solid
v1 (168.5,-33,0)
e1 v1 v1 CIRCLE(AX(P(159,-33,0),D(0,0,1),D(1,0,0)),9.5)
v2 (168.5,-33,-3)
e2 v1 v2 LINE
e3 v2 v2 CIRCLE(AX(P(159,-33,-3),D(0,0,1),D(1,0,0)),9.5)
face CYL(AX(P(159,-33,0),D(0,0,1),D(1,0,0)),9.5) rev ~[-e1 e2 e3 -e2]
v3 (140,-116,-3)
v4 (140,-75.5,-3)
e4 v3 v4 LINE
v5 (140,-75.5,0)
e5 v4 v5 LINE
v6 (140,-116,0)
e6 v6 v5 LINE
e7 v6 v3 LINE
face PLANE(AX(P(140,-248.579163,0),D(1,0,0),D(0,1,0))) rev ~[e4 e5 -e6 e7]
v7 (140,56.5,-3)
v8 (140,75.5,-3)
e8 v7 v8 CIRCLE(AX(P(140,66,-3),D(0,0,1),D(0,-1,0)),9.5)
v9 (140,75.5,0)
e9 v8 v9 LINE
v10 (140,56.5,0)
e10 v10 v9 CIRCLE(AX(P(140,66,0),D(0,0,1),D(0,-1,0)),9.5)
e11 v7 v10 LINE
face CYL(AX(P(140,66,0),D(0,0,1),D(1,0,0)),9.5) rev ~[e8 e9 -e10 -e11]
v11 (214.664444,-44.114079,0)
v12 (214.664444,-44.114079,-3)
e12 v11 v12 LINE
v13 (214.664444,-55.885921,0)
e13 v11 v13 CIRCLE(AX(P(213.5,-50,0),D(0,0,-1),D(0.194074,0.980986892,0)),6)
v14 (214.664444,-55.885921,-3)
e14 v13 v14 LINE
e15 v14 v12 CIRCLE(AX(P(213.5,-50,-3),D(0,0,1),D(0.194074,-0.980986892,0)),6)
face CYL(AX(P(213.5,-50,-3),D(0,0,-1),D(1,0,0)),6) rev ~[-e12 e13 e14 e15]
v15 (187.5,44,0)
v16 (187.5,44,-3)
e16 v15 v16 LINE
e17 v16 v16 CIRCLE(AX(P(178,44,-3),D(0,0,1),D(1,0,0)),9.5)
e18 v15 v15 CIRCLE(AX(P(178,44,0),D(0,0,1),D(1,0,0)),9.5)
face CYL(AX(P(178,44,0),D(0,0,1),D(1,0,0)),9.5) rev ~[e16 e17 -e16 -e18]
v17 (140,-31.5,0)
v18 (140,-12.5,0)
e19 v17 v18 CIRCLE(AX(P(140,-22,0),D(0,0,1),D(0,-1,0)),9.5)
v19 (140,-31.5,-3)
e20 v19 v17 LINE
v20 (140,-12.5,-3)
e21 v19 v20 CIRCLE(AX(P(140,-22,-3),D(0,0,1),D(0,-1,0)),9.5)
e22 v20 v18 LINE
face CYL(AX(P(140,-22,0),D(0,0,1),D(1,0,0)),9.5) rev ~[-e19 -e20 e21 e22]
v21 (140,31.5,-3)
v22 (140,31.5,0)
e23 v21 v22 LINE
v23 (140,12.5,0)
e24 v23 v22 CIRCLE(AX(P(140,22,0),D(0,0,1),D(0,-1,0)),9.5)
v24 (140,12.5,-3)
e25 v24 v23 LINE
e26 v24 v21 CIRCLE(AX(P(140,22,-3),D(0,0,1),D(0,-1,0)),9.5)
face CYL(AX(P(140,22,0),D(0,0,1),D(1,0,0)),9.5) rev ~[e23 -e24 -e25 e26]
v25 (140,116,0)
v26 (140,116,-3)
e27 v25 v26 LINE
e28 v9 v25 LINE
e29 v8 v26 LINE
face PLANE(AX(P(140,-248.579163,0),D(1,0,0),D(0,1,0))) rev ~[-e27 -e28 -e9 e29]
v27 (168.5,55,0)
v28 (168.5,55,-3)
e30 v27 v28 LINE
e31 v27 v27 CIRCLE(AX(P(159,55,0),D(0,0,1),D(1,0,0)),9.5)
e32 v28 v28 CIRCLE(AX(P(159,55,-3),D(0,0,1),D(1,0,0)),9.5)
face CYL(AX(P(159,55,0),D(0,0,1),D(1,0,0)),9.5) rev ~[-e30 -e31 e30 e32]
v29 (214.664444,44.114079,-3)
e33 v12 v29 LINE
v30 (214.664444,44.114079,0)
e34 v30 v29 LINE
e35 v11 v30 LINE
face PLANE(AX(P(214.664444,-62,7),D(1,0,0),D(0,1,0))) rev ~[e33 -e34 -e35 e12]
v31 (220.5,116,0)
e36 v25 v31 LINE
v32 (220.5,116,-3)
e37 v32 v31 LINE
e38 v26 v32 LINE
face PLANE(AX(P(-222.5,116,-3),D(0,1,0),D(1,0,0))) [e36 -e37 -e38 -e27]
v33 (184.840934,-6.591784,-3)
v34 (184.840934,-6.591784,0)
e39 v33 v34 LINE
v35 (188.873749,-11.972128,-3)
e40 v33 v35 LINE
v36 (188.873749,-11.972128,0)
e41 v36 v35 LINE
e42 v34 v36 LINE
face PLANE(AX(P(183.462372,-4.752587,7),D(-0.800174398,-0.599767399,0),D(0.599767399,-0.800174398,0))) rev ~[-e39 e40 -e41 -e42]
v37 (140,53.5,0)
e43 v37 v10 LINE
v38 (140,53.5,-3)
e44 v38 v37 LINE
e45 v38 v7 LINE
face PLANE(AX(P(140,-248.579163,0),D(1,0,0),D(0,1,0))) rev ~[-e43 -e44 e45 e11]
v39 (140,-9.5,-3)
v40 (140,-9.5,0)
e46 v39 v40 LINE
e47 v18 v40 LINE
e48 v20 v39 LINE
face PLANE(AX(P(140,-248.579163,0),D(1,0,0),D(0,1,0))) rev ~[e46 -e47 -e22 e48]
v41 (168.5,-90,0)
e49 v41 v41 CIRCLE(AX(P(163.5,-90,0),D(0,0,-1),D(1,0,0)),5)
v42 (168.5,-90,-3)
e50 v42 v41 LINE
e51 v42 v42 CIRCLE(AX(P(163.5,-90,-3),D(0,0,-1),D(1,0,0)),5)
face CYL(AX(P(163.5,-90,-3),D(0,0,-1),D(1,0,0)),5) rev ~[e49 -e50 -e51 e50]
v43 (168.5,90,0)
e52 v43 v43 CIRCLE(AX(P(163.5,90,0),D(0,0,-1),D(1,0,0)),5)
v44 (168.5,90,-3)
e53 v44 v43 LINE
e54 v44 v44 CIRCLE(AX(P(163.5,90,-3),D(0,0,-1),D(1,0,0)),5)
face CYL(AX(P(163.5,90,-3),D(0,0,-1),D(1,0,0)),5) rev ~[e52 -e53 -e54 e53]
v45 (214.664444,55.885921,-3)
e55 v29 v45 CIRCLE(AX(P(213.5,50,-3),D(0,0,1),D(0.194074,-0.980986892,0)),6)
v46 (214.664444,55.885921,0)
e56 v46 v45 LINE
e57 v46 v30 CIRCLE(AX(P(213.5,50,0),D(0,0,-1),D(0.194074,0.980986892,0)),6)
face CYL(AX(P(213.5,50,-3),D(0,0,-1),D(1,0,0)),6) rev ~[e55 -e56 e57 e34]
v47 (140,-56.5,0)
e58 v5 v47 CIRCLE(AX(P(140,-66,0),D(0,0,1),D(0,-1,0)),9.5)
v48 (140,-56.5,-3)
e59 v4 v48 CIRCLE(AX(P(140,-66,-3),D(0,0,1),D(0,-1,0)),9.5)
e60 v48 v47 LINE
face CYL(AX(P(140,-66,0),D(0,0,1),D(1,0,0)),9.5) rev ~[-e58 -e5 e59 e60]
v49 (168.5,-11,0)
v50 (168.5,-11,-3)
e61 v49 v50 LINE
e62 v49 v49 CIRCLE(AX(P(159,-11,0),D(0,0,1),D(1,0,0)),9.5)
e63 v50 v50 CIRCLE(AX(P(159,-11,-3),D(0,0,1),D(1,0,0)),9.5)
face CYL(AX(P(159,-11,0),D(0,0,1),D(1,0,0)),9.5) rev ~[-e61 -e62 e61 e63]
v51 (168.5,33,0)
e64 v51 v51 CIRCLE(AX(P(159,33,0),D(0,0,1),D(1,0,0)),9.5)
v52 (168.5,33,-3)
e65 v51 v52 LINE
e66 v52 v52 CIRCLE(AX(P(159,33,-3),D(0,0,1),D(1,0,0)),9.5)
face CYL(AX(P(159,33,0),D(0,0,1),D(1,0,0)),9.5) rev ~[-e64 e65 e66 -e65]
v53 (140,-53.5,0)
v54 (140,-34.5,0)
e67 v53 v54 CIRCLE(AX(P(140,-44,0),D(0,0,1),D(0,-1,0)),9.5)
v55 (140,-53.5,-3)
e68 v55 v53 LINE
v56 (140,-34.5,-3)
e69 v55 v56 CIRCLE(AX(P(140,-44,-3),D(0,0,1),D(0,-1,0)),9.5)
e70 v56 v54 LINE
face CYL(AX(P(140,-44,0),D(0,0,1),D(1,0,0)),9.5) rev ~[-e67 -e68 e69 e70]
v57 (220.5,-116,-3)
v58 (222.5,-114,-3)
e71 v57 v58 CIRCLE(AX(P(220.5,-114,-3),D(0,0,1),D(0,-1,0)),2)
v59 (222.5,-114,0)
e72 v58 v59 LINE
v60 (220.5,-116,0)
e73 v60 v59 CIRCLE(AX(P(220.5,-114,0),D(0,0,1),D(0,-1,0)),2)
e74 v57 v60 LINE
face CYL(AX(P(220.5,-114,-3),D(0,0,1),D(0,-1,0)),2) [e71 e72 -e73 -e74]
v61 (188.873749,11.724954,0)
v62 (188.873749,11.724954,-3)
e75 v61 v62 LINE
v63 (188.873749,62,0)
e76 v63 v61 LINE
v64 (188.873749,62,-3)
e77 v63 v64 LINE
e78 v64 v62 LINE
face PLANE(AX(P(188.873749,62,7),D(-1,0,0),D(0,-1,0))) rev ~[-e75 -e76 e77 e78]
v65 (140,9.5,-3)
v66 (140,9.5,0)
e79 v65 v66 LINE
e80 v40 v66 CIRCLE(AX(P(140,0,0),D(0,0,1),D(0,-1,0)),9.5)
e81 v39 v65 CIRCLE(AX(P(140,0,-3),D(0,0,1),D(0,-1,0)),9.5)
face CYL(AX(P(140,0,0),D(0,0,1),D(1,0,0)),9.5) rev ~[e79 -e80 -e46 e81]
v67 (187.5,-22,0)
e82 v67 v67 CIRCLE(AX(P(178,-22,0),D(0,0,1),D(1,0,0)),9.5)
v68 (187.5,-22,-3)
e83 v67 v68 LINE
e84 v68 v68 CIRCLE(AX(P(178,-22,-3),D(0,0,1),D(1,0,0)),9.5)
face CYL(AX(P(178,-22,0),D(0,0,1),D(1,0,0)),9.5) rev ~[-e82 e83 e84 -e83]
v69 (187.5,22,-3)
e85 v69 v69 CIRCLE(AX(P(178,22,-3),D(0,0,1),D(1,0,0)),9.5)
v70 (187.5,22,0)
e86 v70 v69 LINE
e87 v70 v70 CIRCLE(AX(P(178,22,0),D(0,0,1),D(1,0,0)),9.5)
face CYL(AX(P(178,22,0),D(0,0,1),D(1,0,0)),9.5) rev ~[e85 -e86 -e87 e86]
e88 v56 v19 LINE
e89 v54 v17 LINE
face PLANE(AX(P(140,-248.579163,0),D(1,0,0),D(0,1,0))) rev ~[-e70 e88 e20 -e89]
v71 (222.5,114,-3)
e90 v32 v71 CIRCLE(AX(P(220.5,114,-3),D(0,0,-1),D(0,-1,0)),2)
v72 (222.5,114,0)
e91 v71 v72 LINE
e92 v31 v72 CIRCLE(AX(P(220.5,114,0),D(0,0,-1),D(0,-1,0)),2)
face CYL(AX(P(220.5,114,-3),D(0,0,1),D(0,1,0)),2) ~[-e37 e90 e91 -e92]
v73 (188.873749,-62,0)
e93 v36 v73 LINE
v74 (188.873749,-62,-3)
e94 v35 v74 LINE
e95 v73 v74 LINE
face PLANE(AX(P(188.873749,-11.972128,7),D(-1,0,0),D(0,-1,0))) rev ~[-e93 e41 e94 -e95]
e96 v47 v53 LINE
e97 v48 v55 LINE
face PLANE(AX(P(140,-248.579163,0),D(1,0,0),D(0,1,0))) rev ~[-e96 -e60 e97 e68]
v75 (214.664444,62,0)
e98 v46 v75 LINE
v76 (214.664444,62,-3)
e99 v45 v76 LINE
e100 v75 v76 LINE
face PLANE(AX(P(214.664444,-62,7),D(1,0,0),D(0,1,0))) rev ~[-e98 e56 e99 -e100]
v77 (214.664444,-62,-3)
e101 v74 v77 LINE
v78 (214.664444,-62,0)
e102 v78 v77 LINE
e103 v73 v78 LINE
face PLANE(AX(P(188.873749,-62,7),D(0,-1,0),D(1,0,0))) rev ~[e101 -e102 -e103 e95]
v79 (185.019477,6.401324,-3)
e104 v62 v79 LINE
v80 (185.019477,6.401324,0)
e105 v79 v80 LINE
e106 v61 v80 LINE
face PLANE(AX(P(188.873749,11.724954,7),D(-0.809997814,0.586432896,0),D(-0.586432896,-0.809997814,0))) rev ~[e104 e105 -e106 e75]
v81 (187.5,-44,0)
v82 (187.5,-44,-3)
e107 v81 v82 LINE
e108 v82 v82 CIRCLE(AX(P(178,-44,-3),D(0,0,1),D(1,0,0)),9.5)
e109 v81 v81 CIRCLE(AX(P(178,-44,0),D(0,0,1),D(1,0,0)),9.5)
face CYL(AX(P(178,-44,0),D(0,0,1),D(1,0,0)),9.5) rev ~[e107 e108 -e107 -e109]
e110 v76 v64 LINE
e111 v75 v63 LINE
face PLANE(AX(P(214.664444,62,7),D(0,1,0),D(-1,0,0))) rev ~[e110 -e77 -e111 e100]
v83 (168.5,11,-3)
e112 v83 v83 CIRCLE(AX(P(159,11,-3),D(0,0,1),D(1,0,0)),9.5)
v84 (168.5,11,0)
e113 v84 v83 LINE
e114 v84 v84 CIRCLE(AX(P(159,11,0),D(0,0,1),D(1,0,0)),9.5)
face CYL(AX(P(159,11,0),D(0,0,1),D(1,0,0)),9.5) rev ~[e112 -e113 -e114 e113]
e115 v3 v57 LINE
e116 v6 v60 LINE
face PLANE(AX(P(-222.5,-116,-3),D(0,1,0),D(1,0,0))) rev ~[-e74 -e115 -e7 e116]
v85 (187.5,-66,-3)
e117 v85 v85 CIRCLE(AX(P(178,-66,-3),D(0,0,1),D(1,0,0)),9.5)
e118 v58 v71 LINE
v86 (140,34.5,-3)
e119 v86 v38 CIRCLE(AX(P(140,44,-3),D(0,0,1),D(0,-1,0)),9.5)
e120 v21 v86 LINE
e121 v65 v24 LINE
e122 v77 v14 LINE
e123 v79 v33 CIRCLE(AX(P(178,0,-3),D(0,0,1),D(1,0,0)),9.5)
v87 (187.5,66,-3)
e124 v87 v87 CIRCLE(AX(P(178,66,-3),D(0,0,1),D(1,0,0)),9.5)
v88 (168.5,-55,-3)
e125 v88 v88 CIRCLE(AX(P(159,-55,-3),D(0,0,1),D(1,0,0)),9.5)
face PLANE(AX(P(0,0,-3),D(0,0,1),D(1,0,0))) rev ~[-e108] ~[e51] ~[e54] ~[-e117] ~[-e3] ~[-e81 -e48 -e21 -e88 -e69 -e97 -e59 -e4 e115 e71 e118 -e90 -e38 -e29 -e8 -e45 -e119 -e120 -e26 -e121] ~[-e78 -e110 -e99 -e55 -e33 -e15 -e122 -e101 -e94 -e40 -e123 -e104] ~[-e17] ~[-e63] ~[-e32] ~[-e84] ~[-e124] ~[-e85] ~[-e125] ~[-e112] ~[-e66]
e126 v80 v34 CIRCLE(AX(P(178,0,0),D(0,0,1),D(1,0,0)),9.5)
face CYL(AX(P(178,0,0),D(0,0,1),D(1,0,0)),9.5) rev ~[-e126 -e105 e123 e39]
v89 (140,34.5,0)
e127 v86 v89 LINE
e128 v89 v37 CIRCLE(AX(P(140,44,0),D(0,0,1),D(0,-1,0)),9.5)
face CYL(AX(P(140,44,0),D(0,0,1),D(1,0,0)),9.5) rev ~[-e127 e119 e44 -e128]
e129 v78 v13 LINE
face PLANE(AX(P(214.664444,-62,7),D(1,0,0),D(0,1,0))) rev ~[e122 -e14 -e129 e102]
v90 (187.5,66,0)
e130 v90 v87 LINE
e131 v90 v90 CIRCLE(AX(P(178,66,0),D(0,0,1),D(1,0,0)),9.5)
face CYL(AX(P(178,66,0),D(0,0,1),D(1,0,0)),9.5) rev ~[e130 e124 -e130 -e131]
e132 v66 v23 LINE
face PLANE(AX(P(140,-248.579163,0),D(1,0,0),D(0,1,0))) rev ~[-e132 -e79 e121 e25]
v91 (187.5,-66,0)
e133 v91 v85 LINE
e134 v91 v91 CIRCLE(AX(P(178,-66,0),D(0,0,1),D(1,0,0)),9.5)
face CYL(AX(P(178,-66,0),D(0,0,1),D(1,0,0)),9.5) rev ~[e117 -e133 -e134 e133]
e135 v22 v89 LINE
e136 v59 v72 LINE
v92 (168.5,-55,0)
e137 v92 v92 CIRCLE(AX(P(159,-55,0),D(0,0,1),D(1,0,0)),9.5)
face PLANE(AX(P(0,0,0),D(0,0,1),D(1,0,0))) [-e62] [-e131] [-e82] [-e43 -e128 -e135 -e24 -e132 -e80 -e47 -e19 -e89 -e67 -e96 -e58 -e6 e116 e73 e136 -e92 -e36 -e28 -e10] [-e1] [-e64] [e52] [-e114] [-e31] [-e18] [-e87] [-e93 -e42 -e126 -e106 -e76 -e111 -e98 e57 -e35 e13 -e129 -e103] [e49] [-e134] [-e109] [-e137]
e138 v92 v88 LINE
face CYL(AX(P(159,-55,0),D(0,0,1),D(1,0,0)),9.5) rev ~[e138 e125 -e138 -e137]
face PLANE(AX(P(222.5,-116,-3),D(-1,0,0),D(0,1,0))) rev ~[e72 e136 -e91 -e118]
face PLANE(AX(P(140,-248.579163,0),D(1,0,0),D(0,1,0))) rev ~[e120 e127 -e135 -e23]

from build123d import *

# Parameters (mm, degrees)
SKETCH082_W     = 445
SKETCH082_H     = 232
PAD025_DEPTH    = 3
SKETCH083_R     = 9.5
POCKET054_DEPTH = 5
FILLET010_R     = 2
POCKET055_DEPTH = 10.001
SKETCH085_R     = 6
SKETCH085_R_2   = 5
POCKET056_DEPTH = 5
SKETCH094_W     = 459.410004
SKETCH094_H     = 453.216675
POCKET063_DEPTH = 5


with BuildPart() as part:
    # Sketch082 → Pad025 (new body)
    with BuildSketch(Plane.XY):
        Rectangle(SKETCH082_W, SKETCH082_H)
    extrude(amount=PAD025_DEPTH)

    # Sketch083 (on Face6 of Pad025) → Pocket054 (cut)
    with BuildSketch(Plane.XY.offset(3)):
        with Locations((-183, 55)):
            Circle(SKETCH083_R)
        with Locations((-183, 33)):
            Circle(SKETCH083_R)
        with Locations((-183, 11)):
            Circle(SKETCH083_R)
        with Locations((-183, -11)):
            Circle(SKETCH083_R)
        with Locations((-183, -33)):
            Circle(SKETCH083_R)
        with Locations((-183, -55)):
            Circle(SKETCH083_R)
        with Locations((-164, 44)):
            Circle(SKETCH083_R)
        with Locations((-164, 22)):
            Circle(SKETCH083_R)
        with Locations((-164, 0)):
            Circle(SKETCH083_R)
        with Locations((-164, -22)):
            Circle(SKETCH083_R)
        with Locations((-164, -44)):
            Circle(SKETCH083_R)
        with Locations((-145, 55)):
            Circle(SKETCH083_R)
        with Locations((-145, 33)):
            Circle(SKETCH083_R)
        with Locations((-145, 11)):
            Circle(SKETCH083_R)
        with Locations((-145, -11)):
            Circle(SKETCH083_R)
        with Locations((-145, -33)):
            Circle(SKETCH083_R)
        with Locations((-145, -55)):
            Circle(SKETCH083_R)
        with Locations((-126, 44)):
            Circle(SKETCH083_R)
        with Locations((-126, 22)):
            Circle(SKETCH083_R)
        with Locations((-126, 0)):
            Circle(SKETCH083_R)
        with Locations((-126, -22)):
            Circle(SKETCH083_R)
        with Locations((-126, -44)):
            Circle(SKETCH083_R)
        with Locations((-107, 55)):
            Circle(SKETCH083_R)
        with Locations((-107, 33)):
            Circle(SKETCH083_R)
        with Locations((-107, 11)):
            Circle(SKETCH083_R)
        with Locations((-107, -11)):
            Circle(SKETCH083_R)
        with Locations((-107, -33)):
            Circle(SKETCH083_R)
        with Locations((-107, -55)):
            Circle(SKETCH083_R)
        with Locations((-88, -44)):
            Circle(SKETCH083_R)
        with Locations((-88, -22)):
            Circle(SKETCH083_R)
        with Locations((-88, 0)):
            Circle(SKETCH083_R)
        with Locations((-88, 22)):
            Circle(SKETCH083_R)
        with Locations((-88, 44)):
            Circle(SKETCH083_R)
        with Locations((-69, 55)):
            Circle(SKETCH083_R)
        with Locations((-69, 33)):
            Circle(SKETCH083_R)
        with Locations((-69, 11)):
            Circle(SKETCH083_R)
        with Locations((-69, -11)):
            Circle(SKETCH083_R)
        with Locations((-69, -33)):
            Circle(SKETCH083_R)
        with Locations((-50, 44)):
            Circle(SKETCH083_R)
        with Locations((-50, 22)):
            Circle(SKETCH083_R)
        with Locations((-50, 0)):
            Circle(SKETCH083_R)
        with Locations((-50, -22)):
            Circle(SKETCH083_R)
        with Locations((-50, -44)):
            Circle(SKETCH083_R)
        with Locations((-69, -55)):
            Circle(SKETCH083_R)
        with Locations((-31, 55)):
            Circle(SKETCH083_R)
        with Locations((-31, 33)):
            Circle(SKETCH083_R)
        with Locations((-31, 11)):
            Circle(SKETCH083_R)
        with Locations((-31, -11)):
            Circle(SKETCH083_R)
        with Locations((-31, -33)):
            Circle(SKETCH083_R)
        with Locations((-31, -55)):
            Circle(SKETCH083_R)
        with Locations((-12, -44)):
            Circle(SKETCH083_R)
        with Locations((-12, -22)):
            Circle(SKETCH083_R)
        with Locations((-12, 0)):
            Circle(SKETCH083_R)
        with Locations((-12, 22)):
            Circle(SKETCH083_R)
        with Locations((-12, 44)):
            Circle(SKETCH083_R)
        with Locations((7, 55)):
            Circle(SKETCH083_R)
        with Locations((7, 33)):
            Circle(SKETCH083_R)
        with Locations((7, 11)):
            Circle(SKETCH083_R)
        with Locations((7, -11)):
            Circle(SKETCH083_R)
        with Locations((7, -33)):
            Circle(SKETCH083_R)
        with Locations((7, -55)):
            Circle(SKETCH083_R)
        with Locations((26, -44)):
            Circle(SKETCH083_R)
        with Locations((26, -22)):
            Circle(SKETCH083_R)
        with Locations((26, 0)):
            Circle(SKETCH083_R)
        with Locations((26, 22)):
            Circle(SKETCH083_R)
        with Locations((26, 44)):
            Circle(SKETCH083_R)
        with Locations((45, 55)):
            Circle(SKETCH083_R)
        with Locations((45, 33)):
            Circle(SKETCH083_R)
        with Locations((45, 11)):
            Circle(SKETCH083_R)
        with Locations((45, -11)):
            Circle(SKETCH083_R)
        with Locations((64, 0)):
            Circle(SKETCH083_R)
        with Locations((64, 22)):
            Circle(SKETCH083_R)
        with Locations((64, 44)):
            Circle(SKETCH083_R)
        with Locations((45, -33)):
            Circle(SKETCH083_R)
        with Locations((45, -55)):
            Circle(SKETCH083_R)
        with Locations((64, -44)):
            Circle(SKETCH083_R)
        with Locations((64, -22)):
            Circle(SKETCH083_R)
        with Locations((83, 55)):
            Circle(SKETCH083_R)
        with Locations((83, 33)):
            Circle(SKETCH083_R)
        with Locations((83, 11)):
            Circle(SKETCH083_R)
        with Locations((83, -11)):
            Circle(SKETCH083_R)
        with Locations((83, -33)):
            Circle(SKETCH083_R)
        with Locations((83, -55)):
            Circle(SKETCH083_R)
        with Locations((102, 44)):
            Circle(SKETCH083_R)
        with Locations((102, 22)):
            Circle(SKETCH083_R)
        with Locations((102, 0)):
            Circle(SKETCH083_R)
        with Locations((102, -22)):
            Circle(SKETCH083_R)
        with Locations((102, -44)):
            Circle(SKETCH083_R)
        with Locations((121, 55)):
            Circle(SKETCH083_R)
        with Locations((121, 33)):
            Circle(SKETCH083_R)
        with Locations((121, 11)):
            Circle(SKETCH083_R)
        with Locations((121, -11)):
            Circle(SKETCH083_R)
        with Locations((121, -33)):
            Circle(SKETCH083_R)
        with Locations((121, -55)):
            Circle(SKETCH083_R)
        with Locations((140, 44)):
            Circle(SKETCH083_R)
        with Locations((140, 22)):
            Circle(SKETCH083_R)
        with Locations((140, 0)):
            Circle(SKETCH083_R)
        with Locations((140, -22)):
            Circle(SKETCH083_R)
        with Locations((140, -44)):
            Circle(SKETCH083_R)
        with Locations((159, 55)):
            Circle(SKETCH083_R)
        with Locations((159, 33)):
            Circle(SKETCH083_R)
        with Locations((159, 11)):
            Circle(SKETCH083_R)
        with Locations((159, -11)):
            Circle(SKETCH083_R)
        with Locations((159, -33)):
            Circle(SKETCH083_R)
        with Locations((159, -55)):
            Circle(SKETCH083_R)
        with Locations((-164, 66)):
            Circle(SKETCH083_R)
        with Locations((-126, 66)):
            Circle(SKETCH083_R)
        with Locations((-88, 66)):
            Circle(SKETCH083_R)
        with Locations((-50, 66)):
            Circle(SKETCH083_R)
        with Locations((-12, 66)):
            Circle(SKETCH083_R)
        with Locations((26, 66)):
            Circle(SKETCH083_R)
        with Locations((64, 66)):
            Circle(SKETCH083_R)
        with Locations((102, 66)):
            Circle(SKETCH083_R)
        with Locations((140, 66)):
            Circle(SKETCH083_R)
        with Locations((-164, -66)):
            Circle(SKETCH083_R)
        with Locations((-126, -66)):
            Circle(SKETCH083_R)
        with Locations((-88, -66)):
            Circle(SKETCH083_R)
        with Locations((-50, -66)):
            Circle(SKETCH083_R)
        with Locations((-12, -66)):
            Circle(SKETCH083_R)
        with Locations((26, -66)):
            Circle(SKETCH083_R)
        with Locations((64, -66)):
            Circle(SKETCH083_R)
        with Locations((102, -66)):
            Circle(SKETCH083_R)
        with Locations((140, -66)):
            Circle(SKETCH083_R)
        with Locations((178, 66)):
            Circle(SKETCH083_R)
        with Locations((178, 44)):
            Circle(SKETCH083_R)
        with Locations((178, 22)):
            Circle(SKETCH083_R)
        with Locations((178, 0)):
            Circle(SKETCH083_R)
        with Locations((178, -22)):
            Circle(SKETCH083_R)
        with Locations((178, -44)):
            Circle(SKETCH083_R)
        with Locations((178, -66)):
            Circle(SKETCH083_R)
    extrude(amount=-POCKET054_DEPTH, mode=Mode.SUBTRACT)

    # Fillet010
    fillet010_edges = [part.edges().sort_by_distance(p)[0] for p in [
        (-222.5, -116, 1.5),
        (222.5, -116, 1.5),
        (222.5, 116, 1.5),
        (-222.5, 116, 1.5),
    ]]
    fillet(fillet010_edges, radius=FILLET010_R)

    # Sketch084 → Pocket055 (cut, through all)
    with BuildSketch(Plane.XY.offset(10)):
        Polygon((188.873749, -62), (214.664444, -62), (214.664444, 62), (188.873749, 62), (188.873749, 11.724954), (183.462372, 4.250606), (183.462372, -4.752587), (188.873749, -11.972128), align=None)
    extrude(amount=-POCKET055_DEPTH, mode=Mode.SUBTRACT)

    # Sketch085 (on Face2 of Pocket055) → Pocket056 (cut)
    with BuildSketch(Plane(origin=(0, 0, 0), x_dir=(1, 0, 0), z_dir=(0, 0, -1))):
        with Locations((213.5, 50)):
            Circle(SKETCH085_R)
        with Locations((213.5, -50)):
            Circle(SKETCH085_R)
        with Locations((-213.5, 50)):
            Circle(SKETCH085_R)
        with Locations((-213.5, -50)):
            Circle(SKETCH085_R)
        with Locations((-163.5, 90)):
            Circle(SKETCH085_R_2)
        with Locations((-25.5, 90)):
            Circle(SKETCH085_R_2)
        with Locations((163.5, 90)):
            Circle(SKETCH085_R_2)
        with Locations((163.5, -90)):
            Circle(SKETCH085_R_2)
        with Locations((-25.5, -90)):
            Circle(SKETCH085_R_2)
        with Locations((-163.5, -90)):
            Circle(SKETCH085_R_2)
    extrude(amount=-POCKET056_DEPTH, mode=Mode.SUBTRACT)

    # Sketch094 (on Face5 of Pocket056) → Pocket063 (cut)
    with BuildSketch(Plane.XY.offset(3)):
        with Locations((-89.705002, -21.970826)):
            Rectangle(SKETCH094_W, SKETCH094_H)
    extrude(amount=-POCKET063_DEPTH, mode=Mode.SUBTRACT)


with BuildPart() as part_1:
    # Body021 placement: moved
    add(part.part.moved(Location((0, 0, -3))))


solid = part_1.part
